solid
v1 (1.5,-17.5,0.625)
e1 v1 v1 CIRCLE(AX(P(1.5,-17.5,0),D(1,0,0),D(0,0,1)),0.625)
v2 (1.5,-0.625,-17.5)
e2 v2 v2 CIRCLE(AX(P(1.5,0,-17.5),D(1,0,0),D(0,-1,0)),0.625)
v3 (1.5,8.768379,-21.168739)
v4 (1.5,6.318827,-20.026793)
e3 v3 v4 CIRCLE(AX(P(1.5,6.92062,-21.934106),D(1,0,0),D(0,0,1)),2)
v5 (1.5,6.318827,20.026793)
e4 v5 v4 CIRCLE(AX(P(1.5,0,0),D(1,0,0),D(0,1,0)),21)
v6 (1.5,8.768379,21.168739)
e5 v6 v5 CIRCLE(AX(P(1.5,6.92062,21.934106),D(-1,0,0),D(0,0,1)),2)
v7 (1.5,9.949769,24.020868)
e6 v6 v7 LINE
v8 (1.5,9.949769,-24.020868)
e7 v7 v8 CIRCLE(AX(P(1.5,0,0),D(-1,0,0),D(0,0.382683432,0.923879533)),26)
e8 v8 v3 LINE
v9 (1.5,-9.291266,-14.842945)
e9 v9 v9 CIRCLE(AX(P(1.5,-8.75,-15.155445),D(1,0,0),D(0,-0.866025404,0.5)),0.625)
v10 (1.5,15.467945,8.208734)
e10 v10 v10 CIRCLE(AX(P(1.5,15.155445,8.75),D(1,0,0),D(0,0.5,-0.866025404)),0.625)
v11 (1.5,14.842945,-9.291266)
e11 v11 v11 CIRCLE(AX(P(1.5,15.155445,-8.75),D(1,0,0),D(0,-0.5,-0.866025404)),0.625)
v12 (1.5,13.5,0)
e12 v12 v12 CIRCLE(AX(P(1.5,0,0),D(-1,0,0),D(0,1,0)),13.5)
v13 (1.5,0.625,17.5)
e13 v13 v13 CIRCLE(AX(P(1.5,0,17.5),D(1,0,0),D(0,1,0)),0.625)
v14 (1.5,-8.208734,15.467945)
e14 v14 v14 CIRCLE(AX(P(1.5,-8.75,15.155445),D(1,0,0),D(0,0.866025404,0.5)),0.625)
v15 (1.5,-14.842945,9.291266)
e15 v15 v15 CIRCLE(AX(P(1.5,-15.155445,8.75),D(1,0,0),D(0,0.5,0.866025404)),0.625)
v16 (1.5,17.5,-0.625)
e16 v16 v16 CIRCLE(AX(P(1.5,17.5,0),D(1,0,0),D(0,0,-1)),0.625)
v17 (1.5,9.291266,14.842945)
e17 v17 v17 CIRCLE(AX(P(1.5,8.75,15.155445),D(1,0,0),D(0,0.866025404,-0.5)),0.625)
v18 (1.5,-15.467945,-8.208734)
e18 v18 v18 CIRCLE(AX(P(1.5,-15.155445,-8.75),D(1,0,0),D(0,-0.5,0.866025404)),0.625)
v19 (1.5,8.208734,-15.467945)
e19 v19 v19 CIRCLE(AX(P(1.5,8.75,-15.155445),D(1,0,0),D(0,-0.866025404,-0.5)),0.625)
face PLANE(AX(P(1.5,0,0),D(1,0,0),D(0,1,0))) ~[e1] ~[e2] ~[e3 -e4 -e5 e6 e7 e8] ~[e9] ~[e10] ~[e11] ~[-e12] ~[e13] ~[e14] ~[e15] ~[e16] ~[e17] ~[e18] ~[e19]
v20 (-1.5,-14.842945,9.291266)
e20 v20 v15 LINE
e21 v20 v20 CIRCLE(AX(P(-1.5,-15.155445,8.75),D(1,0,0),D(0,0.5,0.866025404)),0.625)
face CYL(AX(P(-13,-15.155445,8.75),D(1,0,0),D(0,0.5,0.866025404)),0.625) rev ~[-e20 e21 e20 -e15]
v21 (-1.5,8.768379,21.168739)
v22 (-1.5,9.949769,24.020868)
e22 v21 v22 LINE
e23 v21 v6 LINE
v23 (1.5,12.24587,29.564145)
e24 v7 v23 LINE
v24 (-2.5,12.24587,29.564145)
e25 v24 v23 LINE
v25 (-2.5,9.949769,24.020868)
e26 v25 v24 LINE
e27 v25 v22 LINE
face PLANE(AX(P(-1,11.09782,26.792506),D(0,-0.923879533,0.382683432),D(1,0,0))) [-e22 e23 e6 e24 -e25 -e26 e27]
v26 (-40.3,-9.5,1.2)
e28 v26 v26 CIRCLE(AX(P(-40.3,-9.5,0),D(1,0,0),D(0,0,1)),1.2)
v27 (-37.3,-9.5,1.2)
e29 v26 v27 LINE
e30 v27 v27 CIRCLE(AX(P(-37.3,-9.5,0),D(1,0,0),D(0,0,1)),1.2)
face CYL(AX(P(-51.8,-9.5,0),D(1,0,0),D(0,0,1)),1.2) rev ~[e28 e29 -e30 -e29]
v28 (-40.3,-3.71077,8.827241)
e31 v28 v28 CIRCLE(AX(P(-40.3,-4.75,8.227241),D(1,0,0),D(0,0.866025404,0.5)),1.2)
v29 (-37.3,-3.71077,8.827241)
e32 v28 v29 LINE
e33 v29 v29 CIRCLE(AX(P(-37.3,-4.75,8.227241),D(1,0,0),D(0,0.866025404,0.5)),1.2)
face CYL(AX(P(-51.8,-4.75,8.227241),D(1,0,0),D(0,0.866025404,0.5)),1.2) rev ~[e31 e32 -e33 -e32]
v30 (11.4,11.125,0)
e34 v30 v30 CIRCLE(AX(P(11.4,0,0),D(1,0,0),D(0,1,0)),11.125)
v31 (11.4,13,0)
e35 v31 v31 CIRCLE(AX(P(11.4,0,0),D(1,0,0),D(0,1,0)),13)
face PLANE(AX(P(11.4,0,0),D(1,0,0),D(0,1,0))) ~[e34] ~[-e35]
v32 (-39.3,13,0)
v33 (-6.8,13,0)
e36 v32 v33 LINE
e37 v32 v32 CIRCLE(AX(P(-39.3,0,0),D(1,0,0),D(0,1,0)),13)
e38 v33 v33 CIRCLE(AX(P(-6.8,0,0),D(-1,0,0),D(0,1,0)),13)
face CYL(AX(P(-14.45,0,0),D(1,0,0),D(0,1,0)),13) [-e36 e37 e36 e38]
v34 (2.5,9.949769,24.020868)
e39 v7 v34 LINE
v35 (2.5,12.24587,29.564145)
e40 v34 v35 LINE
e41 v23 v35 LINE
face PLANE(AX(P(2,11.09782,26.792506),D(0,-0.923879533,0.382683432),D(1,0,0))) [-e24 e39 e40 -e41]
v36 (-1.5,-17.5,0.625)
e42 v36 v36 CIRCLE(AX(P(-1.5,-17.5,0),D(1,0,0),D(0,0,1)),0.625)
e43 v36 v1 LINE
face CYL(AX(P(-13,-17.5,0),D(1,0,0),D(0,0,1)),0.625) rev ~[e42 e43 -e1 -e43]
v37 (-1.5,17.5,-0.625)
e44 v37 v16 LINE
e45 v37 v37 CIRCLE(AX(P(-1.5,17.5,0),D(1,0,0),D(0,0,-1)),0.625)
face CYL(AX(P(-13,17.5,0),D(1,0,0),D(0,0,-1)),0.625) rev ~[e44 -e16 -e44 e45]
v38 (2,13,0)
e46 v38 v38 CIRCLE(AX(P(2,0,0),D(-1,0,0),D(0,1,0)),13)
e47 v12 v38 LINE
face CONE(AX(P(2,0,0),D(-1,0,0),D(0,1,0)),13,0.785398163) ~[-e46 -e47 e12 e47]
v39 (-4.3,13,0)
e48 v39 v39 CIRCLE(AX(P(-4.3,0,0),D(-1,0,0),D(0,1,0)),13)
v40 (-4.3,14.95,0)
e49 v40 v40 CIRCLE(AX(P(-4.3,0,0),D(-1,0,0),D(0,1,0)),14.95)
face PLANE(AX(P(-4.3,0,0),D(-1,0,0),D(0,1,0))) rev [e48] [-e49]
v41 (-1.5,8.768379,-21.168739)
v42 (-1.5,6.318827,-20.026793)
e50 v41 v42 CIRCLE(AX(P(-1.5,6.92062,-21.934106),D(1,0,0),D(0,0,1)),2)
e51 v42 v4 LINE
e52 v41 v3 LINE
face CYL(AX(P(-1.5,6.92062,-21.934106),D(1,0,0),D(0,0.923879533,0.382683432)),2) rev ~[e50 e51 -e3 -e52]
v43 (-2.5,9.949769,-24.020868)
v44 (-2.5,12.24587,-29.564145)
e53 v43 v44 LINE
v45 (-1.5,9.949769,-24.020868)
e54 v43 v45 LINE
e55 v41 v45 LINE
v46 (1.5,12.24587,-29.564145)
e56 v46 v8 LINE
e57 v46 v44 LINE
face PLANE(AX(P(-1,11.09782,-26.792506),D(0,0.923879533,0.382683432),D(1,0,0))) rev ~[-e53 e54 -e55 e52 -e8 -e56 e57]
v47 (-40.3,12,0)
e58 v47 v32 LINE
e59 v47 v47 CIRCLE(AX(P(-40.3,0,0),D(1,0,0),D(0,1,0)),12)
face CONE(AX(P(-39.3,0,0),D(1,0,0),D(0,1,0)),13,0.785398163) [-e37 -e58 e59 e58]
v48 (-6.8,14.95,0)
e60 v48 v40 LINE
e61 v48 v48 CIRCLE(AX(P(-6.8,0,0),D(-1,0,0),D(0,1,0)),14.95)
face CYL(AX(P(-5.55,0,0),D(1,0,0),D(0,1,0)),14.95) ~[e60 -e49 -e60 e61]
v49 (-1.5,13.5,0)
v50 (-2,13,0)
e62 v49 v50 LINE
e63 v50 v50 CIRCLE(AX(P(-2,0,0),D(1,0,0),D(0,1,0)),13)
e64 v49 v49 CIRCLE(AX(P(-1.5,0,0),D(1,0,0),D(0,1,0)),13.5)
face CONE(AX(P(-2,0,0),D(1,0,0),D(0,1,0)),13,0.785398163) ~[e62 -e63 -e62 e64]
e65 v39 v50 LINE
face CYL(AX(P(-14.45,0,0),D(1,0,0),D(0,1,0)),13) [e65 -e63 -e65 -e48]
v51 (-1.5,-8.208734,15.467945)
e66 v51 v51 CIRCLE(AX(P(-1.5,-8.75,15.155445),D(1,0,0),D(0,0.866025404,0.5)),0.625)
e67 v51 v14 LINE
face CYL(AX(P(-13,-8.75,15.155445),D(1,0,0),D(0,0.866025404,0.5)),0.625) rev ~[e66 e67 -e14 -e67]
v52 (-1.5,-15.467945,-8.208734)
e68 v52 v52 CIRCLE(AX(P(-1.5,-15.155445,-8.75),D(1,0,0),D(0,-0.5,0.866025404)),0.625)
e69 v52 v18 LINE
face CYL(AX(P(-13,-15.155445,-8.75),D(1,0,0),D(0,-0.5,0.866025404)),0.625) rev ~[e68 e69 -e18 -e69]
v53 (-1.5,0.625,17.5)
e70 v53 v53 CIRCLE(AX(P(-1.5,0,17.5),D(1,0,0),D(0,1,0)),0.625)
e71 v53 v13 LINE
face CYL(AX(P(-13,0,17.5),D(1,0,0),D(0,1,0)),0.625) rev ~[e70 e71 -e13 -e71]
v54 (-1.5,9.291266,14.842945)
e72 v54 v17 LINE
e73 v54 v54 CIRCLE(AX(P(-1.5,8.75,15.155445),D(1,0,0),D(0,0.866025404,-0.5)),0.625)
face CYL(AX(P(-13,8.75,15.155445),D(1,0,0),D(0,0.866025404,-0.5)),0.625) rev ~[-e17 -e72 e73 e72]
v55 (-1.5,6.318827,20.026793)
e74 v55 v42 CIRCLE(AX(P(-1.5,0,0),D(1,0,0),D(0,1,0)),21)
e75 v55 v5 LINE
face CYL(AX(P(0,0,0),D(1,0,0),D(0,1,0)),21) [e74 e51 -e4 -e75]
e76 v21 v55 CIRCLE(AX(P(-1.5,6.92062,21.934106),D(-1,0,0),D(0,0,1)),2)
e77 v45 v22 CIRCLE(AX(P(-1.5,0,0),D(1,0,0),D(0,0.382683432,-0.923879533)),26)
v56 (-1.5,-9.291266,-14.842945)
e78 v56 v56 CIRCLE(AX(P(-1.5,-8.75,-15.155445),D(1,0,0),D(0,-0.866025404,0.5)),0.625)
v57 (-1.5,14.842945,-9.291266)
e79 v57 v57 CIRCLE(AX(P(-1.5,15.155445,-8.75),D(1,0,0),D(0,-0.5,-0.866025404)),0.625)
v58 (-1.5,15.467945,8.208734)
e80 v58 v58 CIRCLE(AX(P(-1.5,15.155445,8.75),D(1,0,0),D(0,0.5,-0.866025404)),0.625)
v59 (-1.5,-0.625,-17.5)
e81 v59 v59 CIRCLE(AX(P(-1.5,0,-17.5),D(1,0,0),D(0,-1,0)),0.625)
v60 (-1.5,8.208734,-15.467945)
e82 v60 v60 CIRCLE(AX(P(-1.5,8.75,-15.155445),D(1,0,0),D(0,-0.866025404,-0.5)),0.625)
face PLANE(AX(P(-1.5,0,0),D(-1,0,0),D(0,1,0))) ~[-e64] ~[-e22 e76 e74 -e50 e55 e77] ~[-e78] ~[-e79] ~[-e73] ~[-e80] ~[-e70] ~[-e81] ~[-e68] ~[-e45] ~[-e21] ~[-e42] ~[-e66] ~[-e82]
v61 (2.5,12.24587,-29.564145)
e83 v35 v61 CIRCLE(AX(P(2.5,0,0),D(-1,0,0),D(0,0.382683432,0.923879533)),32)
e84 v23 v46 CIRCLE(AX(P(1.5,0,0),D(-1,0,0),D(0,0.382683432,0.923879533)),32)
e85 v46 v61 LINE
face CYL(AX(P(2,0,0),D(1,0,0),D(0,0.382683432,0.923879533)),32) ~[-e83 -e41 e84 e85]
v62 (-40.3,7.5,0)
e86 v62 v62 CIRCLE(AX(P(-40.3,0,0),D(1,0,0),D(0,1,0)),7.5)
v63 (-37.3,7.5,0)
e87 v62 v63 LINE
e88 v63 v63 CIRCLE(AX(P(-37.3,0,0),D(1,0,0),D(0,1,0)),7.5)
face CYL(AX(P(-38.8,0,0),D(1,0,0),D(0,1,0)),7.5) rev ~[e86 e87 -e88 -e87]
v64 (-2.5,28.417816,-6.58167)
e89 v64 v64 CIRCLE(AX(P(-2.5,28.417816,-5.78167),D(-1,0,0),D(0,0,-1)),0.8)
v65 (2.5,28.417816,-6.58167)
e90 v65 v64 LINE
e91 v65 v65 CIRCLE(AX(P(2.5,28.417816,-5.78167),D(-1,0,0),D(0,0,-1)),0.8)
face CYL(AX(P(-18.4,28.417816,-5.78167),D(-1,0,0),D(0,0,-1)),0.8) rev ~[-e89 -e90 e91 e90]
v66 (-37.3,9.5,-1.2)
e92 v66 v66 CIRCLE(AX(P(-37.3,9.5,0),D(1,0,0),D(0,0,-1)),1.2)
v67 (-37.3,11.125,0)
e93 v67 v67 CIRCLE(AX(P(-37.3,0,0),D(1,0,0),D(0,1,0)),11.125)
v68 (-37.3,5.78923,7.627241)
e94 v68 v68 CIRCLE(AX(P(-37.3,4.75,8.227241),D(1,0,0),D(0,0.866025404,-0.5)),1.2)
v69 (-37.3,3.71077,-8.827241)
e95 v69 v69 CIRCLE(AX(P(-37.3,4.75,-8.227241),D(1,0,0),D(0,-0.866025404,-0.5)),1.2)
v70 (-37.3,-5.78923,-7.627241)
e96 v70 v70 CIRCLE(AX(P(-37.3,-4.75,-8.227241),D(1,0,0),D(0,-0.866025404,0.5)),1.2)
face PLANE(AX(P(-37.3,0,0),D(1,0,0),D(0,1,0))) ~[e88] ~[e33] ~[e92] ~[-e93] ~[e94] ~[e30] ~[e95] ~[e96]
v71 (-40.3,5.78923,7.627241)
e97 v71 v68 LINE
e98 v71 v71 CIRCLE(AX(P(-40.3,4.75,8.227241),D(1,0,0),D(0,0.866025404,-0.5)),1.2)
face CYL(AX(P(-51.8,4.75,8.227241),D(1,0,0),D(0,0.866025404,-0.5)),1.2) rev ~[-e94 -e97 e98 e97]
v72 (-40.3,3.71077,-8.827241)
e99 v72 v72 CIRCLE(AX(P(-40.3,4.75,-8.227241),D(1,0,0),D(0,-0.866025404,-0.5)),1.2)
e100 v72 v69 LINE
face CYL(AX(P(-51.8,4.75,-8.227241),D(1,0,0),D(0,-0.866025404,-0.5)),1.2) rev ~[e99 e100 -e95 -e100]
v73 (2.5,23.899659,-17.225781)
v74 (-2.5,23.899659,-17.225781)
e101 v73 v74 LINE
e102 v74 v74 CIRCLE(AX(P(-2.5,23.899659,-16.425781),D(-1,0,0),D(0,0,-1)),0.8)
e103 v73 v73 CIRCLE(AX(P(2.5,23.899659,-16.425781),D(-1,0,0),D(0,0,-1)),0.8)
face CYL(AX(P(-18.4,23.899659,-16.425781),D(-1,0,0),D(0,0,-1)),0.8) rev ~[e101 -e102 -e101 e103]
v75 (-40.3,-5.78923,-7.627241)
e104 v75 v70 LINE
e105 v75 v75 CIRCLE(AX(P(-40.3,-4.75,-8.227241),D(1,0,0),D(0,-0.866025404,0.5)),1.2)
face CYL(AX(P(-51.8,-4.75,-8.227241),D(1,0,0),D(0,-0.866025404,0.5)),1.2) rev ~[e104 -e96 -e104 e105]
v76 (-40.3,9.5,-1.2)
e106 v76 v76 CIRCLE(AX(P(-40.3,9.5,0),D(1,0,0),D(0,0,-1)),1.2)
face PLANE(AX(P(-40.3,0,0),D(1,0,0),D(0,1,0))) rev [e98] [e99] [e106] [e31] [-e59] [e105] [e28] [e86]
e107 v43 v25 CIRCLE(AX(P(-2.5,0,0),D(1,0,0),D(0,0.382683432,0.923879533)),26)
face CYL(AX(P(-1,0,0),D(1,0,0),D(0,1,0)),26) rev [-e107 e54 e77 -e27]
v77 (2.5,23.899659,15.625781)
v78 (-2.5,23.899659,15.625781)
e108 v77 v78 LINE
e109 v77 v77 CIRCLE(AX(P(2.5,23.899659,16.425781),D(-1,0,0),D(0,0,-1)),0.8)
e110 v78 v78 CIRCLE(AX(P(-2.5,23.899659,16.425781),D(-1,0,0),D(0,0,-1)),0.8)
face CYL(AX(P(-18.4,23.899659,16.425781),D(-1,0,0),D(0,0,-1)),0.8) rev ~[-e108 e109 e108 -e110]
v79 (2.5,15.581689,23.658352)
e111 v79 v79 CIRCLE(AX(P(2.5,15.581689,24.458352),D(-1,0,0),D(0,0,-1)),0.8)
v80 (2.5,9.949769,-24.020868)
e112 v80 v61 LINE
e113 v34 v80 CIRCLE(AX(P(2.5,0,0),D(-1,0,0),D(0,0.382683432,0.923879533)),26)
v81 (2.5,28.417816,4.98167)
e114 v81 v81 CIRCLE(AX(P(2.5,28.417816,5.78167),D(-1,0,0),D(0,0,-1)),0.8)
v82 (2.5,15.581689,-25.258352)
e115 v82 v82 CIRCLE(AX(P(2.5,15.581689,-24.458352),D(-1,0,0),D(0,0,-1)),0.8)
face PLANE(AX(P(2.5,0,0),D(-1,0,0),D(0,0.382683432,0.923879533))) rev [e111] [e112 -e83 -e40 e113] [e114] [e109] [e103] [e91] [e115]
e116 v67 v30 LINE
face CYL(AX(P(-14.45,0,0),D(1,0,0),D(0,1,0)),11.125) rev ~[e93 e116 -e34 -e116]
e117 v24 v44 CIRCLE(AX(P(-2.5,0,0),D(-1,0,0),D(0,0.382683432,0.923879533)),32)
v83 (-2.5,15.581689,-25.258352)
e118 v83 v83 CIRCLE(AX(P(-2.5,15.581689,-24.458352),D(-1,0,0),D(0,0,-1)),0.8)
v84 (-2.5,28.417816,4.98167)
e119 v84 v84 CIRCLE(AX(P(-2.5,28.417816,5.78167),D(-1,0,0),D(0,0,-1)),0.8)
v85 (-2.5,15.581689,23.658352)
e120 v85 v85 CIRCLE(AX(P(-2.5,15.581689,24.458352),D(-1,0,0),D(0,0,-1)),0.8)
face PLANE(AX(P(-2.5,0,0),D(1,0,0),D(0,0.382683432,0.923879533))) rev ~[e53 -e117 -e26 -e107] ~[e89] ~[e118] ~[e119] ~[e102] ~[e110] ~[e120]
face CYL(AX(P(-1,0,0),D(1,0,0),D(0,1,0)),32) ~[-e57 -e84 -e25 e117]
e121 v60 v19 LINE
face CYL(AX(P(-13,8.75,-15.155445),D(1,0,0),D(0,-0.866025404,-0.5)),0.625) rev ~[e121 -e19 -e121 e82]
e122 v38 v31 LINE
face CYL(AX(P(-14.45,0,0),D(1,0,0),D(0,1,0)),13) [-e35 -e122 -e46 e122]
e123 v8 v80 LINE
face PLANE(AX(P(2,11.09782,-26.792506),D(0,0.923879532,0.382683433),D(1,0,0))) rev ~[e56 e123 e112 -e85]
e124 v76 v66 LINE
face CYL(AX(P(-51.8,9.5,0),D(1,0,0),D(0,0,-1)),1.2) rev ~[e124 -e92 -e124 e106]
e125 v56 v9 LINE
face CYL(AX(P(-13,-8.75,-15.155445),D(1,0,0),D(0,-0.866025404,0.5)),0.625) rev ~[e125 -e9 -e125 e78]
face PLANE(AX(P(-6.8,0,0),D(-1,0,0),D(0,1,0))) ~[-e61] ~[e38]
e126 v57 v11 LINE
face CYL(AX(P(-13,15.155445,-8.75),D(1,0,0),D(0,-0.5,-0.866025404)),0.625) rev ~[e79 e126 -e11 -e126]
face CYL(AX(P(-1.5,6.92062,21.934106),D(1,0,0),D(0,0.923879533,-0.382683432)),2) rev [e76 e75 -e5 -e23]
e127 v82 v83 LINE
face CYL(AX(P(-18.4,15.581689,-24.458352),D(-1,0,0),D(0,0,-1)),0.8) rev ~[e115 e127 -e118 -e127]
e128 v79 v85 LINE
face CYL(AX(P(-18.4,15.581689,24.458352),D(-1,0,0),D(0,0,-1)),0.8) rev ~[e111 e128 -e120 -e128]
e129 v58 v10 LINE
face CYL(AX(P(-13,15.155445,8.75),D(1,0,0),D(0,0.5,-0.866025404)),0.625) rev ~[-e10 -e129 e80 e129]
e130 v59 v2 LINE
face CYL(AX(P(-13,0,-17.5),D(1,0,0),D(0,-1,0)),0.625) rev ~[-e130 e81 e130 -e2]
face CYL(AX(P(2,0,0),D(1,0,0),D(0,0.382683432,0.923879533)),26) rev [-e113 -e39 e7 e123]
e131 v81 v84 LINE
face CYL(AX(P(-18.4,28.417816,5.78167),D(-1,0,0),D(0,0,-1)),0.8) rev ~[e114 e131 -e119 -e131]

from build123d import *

# Parameters (mm, degrees)
SKETCH1_W                                    = 51.7
SKETCH1_H                                    = 1.875
SKETCH2_W                                    = 3
SKETCH2_H                                    = 3.625
CHAMFER1_SIZE                                = 1
M2_CLEARANCE_HOLE1_D                         = 2.4
M2_CLEARANCE_HOLE1_DEPTH                     = 11.5
CIRPATTERN1_COUNT                            = 6
SKETCH6_W                                    = 3
SKETCH6_H                                    = 19
REVOLVE3_ANGLE                               = 135
SKETCH9_W                                    = 3
SKETCH9_H                                    = 8
CHAMFER2_SIZE                                = 0.5
SKETCH11_W                                   = 5
SKETCH11_H                                   = 6
REVOLVE5_ANGLE                               = 135
CHAMFER4_SIZE                                = 1
TAP_DRILL_FOR_M1_6_TAP1_D                    = 1.25
TAP_DRILL_FOR_M1_6_TAP1_DEPTH                = 11.5
CIRPATTERN2_COUNT                            = 12
FILLET1_R                                    = 2
SKETCH17_W                                   = 2.5
SKETCH17_H                                   = 1.95
ESQUISSE2_W                                  = 1
ESQUISSE2_H                                  = 6
R_VOLUTION4_ANGLE                            = 135
SKETCH13_W                                   = 0.8
SKETCH13_H                                   = 41.8
TROU_POUR_TARAUDAGE_POUR_TROU_TARAUD_2_COUNT = 2
TROU_POUR_TARAUDAGE_POUR_TROU_TARAUD_2_PITCH = 11.563340196
TROU_POUR_TARAUDAGE_POUR_TROU_TARAUD_3_COUNT = 2
TROU_POUR_TARAUDAGE_POUR_TROU_TARAUD_3_PITCH = 11.563340196
TROU_POUR_TARAUDAGE_POUR_TROU_TARAUD_4_COUNT = 2
TROU_POUR_TARAUDAGE_POUR_TROU_TARAUD_4_PITCH = 22.662405452
TROU_POUR_TARAUDAGE_POUR_TROU_TARAUD_5_COUNT = 2
TROU_POUR_TARAUDAGE_POUR_TROU_TARAUD_5_PITCH = 32.851561742
TROU_POUR_TARAUDAGE_POUR_TROU_TARAUD_6_COUNT = 2
TROU_POUR_TARAUDAGE_POUR_TROU_TARAUD_6_PITCH = 41.72170842


with BuildPart() as part:
    # Sketch1 → Revolve1 (revolve)
    with BuildSketch(Plane.XY):
        with Locations((-14.45, 12.0625)):
            Rectangle(SKETCH1_W, SKETCH1_H)
    revolve(axis=Axis((0, 0, 0), (1, 0, 0)))

    # Sketch2 → Revolve2 (revolve)
    with BuildSketch(Plane.XY):
        with Locations((-38.8, 9.3125)):
            Rectangle(SKETCH2_W, SKETCH2_H)
    revolve(axis=Axis((-40.3, 0, 0), (1, 0, 0)))

    # Chamfer1
    chamfer1_edges = [part.edges().sort_by_distance(p)[0] for p in [
        (-40.3, -13, 0),
    ]]
    chamfer(chamfer1_edges, length=CHAMFER1_SIZE)

    # M2 Clearance Hole1
    with Locations(Plane.ZY.offset(40.3)):
        with Locations((0, 9.5)):
            m2_clearance_hole1 = Hole(M2_CLEARANCE_HOLE1_D / 2, depth=M2_CLEARANCE_HOLE1_DEPTH)

    # CirPattern1: M2 Clearance Hole1 ×6 about axis
    cirpattern1_axis = Axis((0, 0, 0), (1, 0, 0))
    for i in range(1, CIRPATTERN1_COUNT):
        add(m2_clearance_hole1.rotate(cirpattern1_axis, i * 360 / CIRPATTERN1_COUNT), mode=Mode.SUBTRACT)

    # Sketch6 → Revolve3 (revolve, symmetric)
    with BuildSketch(Plane.XY) as revolve3_sk:
        with Locations((0, 22.5)):
            Rectangle(SKETCH6_W, SKETCH6_H)
    revolve(axis=Axis((0, 0, 0), (1, 0, 0)), revolution_arc=REVOLVE3_ANGLE / 2)
    revolve(revolve3_sk.sketch, axis=Axis((0, 0, 0), (-1, 0, 0)), revolution_arc=REVOLVE3_ANGLE / 2)

    # Sketch9 → Revolve4 (revolve)
    with BuildSketch(Plane.XY):
        with Locations((0, 17)):
            Rectangle(SKETCH9_W, SKETCH9_H)
    revolve(axis=Axis((0, 0, 0), (1, 0, 0)))

    # Chamfer2
    chamfer2_edges = [part.edges().sort_by_distance(p)[0] for p in [
        (-1.5, -13, 0),
        (1.5, -13, 0),
    ]]
    chamfer(chamfer2_edges, length=CHAMFER2_SIZE)

    # Sketch11 → Revolve5 (revolve, symmetric)
    with BuildSketch(Plane.XY) as revolve5_sk:
        with Locations((-1, 29)):
            Rectangle(SKETCH11_W, SKETCH11_H)
    revolve(axis=Axis((0, 0, 0), (1, 0, 0)), revolution_arc=REVOLVE5_ANGLE / 2)
    revolve(revolve5_sk.sketch, axis=Axis((0, 0, 0), (-1, 0, 0)), revolution_arc=REVOLVE5_ANGLE / 2)

    # Chamfer4
    chamfer4_edges = [part.edges().sort_by_distance(p)[0] for p in [
        (-3.5, 32, 0),
    ]]
    chamfer(chamfer4_edges, length=CHAMFER4_SIZE)

    # Tap Drill for M1.6 Tap1
    with Locations(Plane.ZY.offset(1.5)):
        with Locations((0, 17.5)):
            tap_drill_for_m1_6_tap1 = Hole(TAP_DRILL_FOR_M1_6_TAP1_D / 2, depth=TAP_DRILL_FOR_M1_6_TAP1_DEPTH)

    # CirPattern2: Tap Drill for M1.6 Tap1 ×12 about axis
    cirpattern2_axis = Axis((0, 0, 0), (1, 0, 0))
    for i in range(1, CIRPATTERN2_COUNT):
        add(tap_drill_for_m1_6_tap1.rotate(cirpattern2_axis, i * 360 / CIRPATTERN2_COUNT), mode=Mode.SUBTRACT)

    # Fillet1
    fillet1_edges = [part.edges().sort_by_distance(p)[0] for p in [
        (0, 8.03635208, -19.401470183),
        (0, 8.03635208, 19.401470183),
    ]]
    fillet(fillet1_edges, radius=FILLET1_R)

    # Sketch17 → Revolve6 (revolve)
    with BuildSketch(Plane.XY):
        with Locations((-5.55, 13.975)):
            Rectangle(SKETCH17_W, SKETCH17_H)
    revolve(axis=Axis((0, 0, 0), (-1, 0, 0)))

    # Esquisse1 → Enlèvement de matière-Révolution1 (revolve, cut)
    with BuildSketch(Plane(origin=(0, 0, 0), x_dir=(1, 0, 0), z_dir=(0, -0.923879533, 0.382683432))):
        Polygon((-3.5, 31), (-2.5, 32), (-2.5, 26), (-3.5, 26), align=None)
    revolve(axis=Axis((-40.3, 0, 0), (1, 0, 0)), mode=Mode.SUBTRACT)

    # Esquisse2 → Révolution4 (revolve)
    with BuildSketch(Plane(origin=(0, 0, 0), x_dir=(1, 0, 0), z_dir=(0, -0.923879533, 0.382683432))):
        with Locations((2, 29)):
            Rectangle(ESQUISSE2_W, ESQUISSE2_H)
    revolve(axis=Axis((11.4, 0, 0), (-1, 0, 0)), revolution_arc=R_VOLUTION4_ANGLE)

    # Sketch13 → Trou pour taraudage pour trou taraudé M21 (revolve, cut)
    with BuildSketch(Plane(origin=(1.5, 23.89965947, -16.425780871), x_dir=(0, 0, -1), z_dir=(0, 1, 0))):
        with Locations((0.4, 19.9)):
            Rectangle(SKETCH13_W, SKETCH13_H)
    trou_pour_taraudage_pour_trou_taraud_m2 = revolve(axis=Axis((8.85, 23.89965947, -16.425780871), (-1, 0, 0)), mode=Mode.SUBTRACT)

    # Trou pour taraudage pour trou taraud 2: Trou pour taraudage pour trou taraudé M21 ×2
    with Locations(*[Vector(0, -0.7193398, -0.69465837) * (i * TROU_POUR_TARAUDAGE_POUR_TROU_TARAUD_2_PITCH) for i in range(1, TROU_POUR_TARAUDAGE_POUR_TROU_TARAUD_2_COUNT)]):
        add(trou_pour_taraudage_pour_trou_taraud_m2, mode=Mode.SUBTRACT)

    # Trou pour taraudage pour trou taraud 3: Trou pour taraudage pour trou taraudé M21 ×2
    with Locations(*[Vector(0, 0.390731128, 0.920504853) * (i * TROU_POUR_TARAUDAGE_POUR_TROU_TARAUD_3_PITCH) for i in range(1, TROU_POUR_TARAUDAGE_POUR_TROU_TARAUD_3_COUNT)]):
        add(trou_pour_taraudage_pour_trou_taraud_m2, mode=Mode.SUBTRACT)

    # Trou pour taraudage pour trou taraud 4: Trou pour taraudage pour trou taraudé M21 ×2
    with Locations(*[Vector(0, 0.199367934, 0.979924705) * (i * TROU_POUR_TARAUDAGE_POUR_TROU_TARAUD_4_PITCH) for i in range(1, TROU_POUR_TARAUDAGE_POUR_TROU_TARAUD_4_COUNT)]):
        add(trou_pour_taraudage_pour_trou_taraud_m2, mode=Mode.SUBTRACT)

    # Trou pour taraudage pour trou taraud 5: Trou pour taraudage pour trou taraudé M21 ×2
    with Locations(*[(0, 0, i * TROU_POUR_TARAUDAGE_POUR_TROU_TARAUD_5_PITCH) for i in range(1, TROU_POUR_TARAUDAGE_POUR_TROU_TARAUD_5_COUNT)]):
        add(trou_pour_taraudage_pour_trou_taraud_m2, mode=Mode.SUBTRACT)

    # Trou pour taraudage pour trou taraud 6: Trou pour taraudage pour trou taraudé M21 ×2
    with Locations(*[Vector(0, -0.199367934, 0.979924705) * (i * TROU_POUR_TARAUDAGE_POUR_TROU_TARAUD_6_PITCH) for i in range(1, TROU_POUR_TARAUDAGE_POUR_TROU_TARAUD_6_COUNT)]):
        add(trou_pour_taraudage_pour_trou_taraud_m2, mode=Mode.SUBTRACT)


solid = part.part
